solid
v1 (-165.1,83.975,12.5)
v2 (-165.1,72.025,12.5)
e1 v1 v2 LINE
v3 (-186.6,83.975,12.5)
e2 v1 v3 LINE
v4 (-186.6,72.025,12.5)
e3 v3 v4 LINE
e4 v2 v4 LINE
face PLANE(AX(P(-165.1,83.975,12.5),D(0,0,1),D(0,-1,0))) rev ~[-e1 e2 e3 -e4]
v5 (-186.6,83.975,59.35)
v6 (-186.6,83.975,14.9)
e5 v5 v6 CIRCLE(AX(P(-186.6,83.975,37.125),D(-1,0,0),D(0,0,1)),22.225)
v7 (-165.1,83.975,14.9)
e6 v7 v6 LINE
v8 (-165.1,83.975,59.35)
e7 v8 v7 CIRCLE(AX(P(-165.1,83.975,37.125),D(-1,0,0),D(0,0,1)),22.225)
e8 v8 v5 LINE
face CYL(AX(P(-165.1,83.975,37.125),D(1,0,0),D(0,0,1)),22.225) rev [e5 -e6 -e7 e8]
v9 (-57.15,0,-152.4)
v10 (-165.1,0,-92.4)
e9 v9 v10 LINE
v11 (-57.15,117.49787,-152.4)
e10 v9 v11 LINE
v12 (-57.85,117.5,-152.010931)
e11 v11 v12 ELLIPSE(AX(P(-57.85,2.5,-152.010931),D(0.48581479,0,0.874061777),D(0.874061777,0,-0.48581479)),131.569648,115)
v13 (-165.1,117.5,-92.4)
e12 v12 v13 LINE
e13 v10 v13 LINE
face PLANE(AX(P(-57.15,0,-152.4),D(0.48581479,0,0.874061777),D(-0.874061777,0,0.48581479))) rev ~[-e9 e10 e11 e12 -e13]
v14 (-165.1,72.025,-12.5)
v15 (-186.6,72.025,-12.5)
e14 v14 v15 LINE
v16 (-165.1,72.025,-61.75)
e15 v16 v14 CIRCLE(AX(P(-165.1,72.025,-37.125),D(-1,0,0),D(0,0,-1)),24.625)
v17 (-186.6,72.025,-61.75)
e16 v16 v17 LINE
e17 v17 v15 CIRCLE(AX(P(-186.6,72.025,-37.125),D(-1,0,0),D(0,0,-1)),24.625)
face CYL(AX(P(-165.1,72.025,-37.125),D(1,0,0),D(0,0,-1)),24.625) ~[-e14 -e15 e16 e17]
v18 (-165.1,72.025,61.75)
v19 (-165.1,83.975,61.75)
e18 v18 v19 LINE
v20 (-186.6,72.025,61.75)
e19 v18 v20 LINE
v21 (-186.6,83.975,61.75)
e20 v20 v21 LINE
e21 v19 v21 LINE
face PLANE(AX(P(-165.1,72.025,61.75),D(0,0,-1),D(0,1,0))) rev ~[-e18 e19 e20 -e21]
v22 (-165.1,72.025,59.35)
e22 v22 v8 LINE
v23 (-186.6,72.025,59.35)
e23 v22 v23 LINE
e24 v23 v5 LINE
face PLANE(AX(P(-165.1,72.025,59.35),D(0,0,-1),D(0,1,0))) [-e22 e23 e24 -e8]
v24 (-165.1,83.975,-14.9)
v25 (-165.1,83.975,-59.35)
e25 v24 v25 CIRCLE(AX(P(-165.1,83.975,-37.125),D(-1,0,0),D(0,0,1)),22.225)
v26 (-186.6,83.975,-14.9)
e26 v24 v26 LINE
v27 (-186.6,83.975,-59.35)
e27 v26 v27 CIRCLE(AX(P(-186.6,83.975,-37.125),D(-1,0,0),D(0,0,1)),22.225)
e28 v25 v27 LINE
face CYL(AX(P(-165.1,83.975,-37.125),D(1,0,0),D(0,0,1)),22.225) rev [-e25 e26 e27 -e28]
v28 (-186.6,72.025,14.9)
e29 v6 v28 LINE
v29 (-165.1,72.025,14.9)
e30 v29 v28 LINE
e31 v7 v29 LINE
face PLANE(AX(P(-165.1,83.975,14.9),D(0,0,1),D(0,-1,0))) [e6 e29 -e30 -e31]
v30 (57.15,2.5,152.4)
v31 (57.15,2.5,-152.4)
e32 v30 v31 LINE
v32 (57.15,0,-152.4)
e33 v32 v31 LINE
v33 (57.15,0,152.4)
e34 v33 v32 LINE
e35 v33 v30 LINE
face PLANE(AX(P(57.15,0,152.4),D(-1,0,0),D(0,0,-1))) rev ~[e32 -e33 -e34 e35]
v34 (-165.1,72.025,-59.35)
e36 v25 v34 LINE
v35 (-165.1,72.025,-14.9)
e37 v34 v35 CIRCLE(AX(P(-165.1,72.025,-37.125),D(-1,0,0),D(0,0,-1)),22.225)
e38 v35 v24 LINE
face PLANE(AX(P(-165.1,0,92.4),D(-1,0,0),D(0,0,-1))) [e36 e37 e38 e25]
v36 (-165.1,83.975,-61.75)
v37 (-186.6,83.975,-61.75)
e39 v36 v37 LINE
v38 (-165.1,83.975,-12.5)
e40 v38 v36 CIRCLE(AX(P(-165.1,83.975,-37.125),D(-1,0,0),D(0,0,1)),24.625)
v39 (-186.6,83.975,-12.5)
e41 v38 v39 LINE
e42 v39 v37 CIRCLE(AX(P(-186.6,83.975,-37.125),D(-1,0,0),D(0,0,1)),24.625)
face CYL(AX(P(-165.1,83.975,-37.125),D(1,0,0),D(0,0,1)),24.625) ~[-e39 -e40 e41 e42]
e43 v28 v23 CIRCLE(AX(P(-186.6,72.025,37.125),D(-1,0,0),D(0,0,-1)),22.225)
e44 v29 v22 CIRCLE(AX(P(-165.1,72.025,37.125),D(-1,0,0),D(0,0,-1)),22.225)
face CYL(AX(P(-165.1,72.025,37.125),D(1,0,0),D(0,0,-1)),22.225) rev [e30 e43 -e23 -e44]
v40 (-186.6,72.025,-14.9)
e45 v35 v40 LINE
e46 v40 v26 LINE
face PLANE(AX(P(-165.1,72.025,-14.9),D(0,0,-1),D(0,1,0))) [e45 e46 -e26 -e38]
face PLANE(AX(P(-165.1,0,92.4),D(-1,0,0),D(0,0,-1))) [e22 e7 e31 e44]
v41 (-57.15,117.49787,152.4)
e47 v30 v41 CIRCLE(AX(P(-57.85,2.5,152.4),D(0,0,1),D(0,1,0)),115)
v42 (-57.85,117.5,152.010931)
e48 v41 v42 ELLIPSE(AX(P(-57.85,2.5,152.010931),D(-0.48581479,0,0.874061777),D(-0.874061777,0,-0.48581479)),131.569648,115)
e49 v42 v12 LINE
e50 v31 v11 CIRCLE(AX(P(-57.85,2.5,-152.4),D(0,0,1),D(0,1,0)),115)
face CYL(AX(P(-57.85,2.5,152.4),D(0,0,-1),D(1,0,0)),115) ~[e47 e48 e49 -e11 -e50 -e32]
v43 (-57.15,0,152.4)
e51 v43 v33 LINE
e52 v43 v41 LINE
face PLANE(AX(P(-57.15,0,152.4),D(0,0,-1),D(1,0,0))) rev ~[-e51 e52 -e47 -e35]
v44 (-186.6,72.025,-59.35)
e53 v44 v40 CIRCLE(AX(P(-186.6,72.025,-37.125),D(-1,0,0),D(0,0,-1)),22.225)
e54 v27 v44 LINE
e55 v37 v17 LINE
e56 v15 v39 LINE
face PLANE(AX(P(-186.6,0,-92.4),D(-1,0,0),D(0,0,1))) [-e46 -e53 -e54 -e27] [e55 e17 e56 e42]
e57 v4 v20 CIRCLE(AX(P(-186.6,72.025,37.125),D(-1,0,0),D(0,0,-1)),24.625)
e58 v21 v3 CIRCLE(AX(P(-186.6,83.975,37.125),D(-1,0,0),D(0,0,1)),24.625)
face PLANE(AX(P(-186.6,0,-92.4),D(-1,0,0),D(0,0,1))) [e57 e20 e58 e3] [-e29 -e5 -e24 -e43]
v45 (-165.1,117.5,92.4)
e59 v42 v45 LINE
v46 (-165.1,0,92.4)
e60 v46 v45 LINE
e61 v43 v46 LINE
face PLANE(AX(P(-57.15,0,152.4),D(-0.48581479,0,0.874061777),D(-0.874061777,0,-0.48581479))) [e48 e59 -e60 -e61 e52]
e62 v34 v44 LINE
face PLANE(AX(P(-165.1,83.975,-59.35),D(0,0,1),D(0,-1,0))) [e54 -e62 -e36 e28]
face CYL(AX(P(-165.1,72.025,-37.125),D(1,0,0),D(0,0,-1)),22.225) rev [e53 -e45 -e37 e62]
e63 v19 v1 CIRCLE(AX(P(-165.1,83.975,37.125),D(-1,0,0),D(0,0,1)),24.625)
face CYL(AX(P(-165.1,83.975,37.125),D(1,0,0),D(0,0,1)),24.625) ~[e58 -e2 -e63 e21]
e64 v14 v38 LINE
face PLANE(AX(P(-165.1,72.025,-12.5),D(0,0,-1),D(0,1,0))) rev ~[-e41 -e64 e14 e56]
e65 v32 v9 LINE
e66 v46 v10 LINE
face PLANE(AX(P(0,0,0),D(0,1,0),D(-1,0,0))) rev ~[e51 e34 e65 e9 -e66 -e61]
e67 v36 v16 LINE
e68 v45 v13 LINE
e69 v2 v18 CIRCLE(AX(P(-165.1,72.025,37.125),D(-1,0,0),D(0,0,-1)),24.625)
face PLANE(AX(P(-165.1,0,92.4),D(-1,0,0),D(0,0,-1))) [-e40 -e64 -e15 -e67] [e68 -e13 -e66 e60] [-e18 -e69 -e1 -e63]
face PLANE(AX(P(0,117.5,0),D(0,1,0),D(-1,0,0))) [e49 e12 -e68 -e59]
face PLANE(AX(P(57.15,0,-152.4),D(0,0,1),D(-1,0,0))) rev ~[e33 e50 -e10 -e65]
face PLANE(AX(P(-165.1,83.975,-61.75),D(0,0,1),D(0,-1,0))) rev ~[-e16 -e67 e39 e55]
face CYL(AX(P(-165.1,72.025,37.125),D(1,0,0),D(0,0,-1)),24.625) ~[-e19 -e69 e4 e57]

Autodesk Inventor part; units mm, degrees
ref_plane "YZ Plane" through (0, 0, 0) normal (1, 0, 0) x (0, 1, 0)
ref_plane "XZ Plane" through (0, 0, 0) normal (0, 1, 0) x (-1, 0, 0)
ref_plane "XY Plane" through (0, 0, 0) normal (0, 0, 1) x (1, 0, 0)
sketch "Sketch1" plane through (0, 0, 0) normal (0, 1, 0) x (-1, 0, 0)
  line L0 (57.15, 152.4) -> (-57.15, 152.4)
  line L1 (-57.15, 152.4) -> (-57.15, -152.4)
  line L2 (-57.15, -152.4) -> (57.15, -152.4)
  line L3 (57.15, -152.4) -> (57.15, 152.4)
  line L4 (57.15, 152.4) -> (165.1, 152.4)
  line L5 (165.1, 152.4) -> (165.1, -152.4)
  line L6 (165.1, -152.4) -> (57.15, -152.4)
  line L7 (57.15, -152.4) -> (57.15, 152.4)
  line L8 (57.15, -152.4) -> (57.15, -92.4)
  line L9 (57.15, -92.4) -> (165.1, -92.4)
  line L10 (57.15, -152.4) -> (165.1, -92.4)
  line L11 (57.15, 152.4) -> (57.15, 92.4)
  line L12 (57.15, 92.4) -> (165.1, 92.4)
  line L13 (57.15, 152.4) -> (165.1, 92.4)
  point P0 (0, 0)
  point P1 (57.15, 0)
  point P2 (0, -152.4)
  dimension "d0" = 304.8
  dimension "d1" = 114.3
  dimension "d2" = 107.95
  dimension "d3" = 60
  dimension "d4" = 60
extrude "Extrusion1" add sketch "Sketch1" along normal blind 117.5 contours L3 L2 L1 L0 | L13 L12 L3 | L12 L5 L9 L3 | L9 L10 L3
fillet "Fillet1" radius 115 1 edges at (57.15, 117.5, 0)
sketch "Sketch2" plane through (-165.1, 0, -92.4) normal (-1, 0, 0) x (0, 0, 1)
  line L0 (55.275, 83.975) -> (55.275, 72.025) construction
  line L1 (30.65, 83.975) -> (30.65, 72.025)
  line L2 (79.9, 72.025) -> (79.9, 83.975)
  arc A0 (79.9, 83.975) -> (30.65, 83.975) centre (55.275, 83.975) ccw
  arc A1 (30.65, 72.025) -> (79.9, 72.025) centre (55.275, 72.025) ccw
  line L3 (129.525, 83.975) -> (129.525, 72.025) construction
  line L4 (104.9, 83.975) -> (104.9, 72.025)
  line L5 (154.15, 72.025) -> (154.15, 83.975)
  arc A2 (154.15, 83.975) -> (104.9, 83.975) centre (129.525, 83.975) ccw
  arc A3 (104.9, 72.025) -> (154.15, 72.025) centre (129.525, 72.025) ccw
  line L6 (92.4, 0) -> (92.4, 114.666) construction
  line L7 (0, 117.5) -> (184.8, 117.5) projected
  line L8 (107.3, 83.975) -> (107.3, 72.025)
  arc A4 (107.3, 72.025) -> (151.75, 72.025) centre (129.525, 72.025) ccw
  line L9 (151.75, 72.025) -> (151.75, 83.975)
  arc A5 (151.75, 83.975) -> (107.3, 83.975) centre (129.525, 83.975) ccw
  line L10 (33.05, 83.975) -> (33.05, 72.025)
  arc A6 (33.05, 72.025) -> (77.5, 72.025) centre (55.275, 72.025) ccw
  line L11 (77.5, 72.025) -> (77.5, 83.975)
  arc A7 (77.5, 83.975) -> (33.05, 83.975) centre (55.275, 83.975) ccw
  point P0 (55.275, 78)
  point P1 (129.525, 78)
  point P2 (129.525, 47.4)
  point P3 (129.525, 108.6)
  point P4 (129.525, 106.2)
  point P5 (55.275, 47.4)
  point P6 (55.275, 108.6)
  dimension "d8" = 12.5
  dimension "d9" = 61.2
  dimension "d10" = 49.25
  dimension "d12" = 2.4
  dimension "d14" = 8.9
  dimension "d15" = 12.5
  dimension "d16" = 61.2
  dimension "d17" = 49.25
  dimension "d18" = 8.9
  dimension "d19" = 2.4
extrude "Extrusion2" add sketch "Sketch2" along normal blind 21.5
properties part number "Airbox"
